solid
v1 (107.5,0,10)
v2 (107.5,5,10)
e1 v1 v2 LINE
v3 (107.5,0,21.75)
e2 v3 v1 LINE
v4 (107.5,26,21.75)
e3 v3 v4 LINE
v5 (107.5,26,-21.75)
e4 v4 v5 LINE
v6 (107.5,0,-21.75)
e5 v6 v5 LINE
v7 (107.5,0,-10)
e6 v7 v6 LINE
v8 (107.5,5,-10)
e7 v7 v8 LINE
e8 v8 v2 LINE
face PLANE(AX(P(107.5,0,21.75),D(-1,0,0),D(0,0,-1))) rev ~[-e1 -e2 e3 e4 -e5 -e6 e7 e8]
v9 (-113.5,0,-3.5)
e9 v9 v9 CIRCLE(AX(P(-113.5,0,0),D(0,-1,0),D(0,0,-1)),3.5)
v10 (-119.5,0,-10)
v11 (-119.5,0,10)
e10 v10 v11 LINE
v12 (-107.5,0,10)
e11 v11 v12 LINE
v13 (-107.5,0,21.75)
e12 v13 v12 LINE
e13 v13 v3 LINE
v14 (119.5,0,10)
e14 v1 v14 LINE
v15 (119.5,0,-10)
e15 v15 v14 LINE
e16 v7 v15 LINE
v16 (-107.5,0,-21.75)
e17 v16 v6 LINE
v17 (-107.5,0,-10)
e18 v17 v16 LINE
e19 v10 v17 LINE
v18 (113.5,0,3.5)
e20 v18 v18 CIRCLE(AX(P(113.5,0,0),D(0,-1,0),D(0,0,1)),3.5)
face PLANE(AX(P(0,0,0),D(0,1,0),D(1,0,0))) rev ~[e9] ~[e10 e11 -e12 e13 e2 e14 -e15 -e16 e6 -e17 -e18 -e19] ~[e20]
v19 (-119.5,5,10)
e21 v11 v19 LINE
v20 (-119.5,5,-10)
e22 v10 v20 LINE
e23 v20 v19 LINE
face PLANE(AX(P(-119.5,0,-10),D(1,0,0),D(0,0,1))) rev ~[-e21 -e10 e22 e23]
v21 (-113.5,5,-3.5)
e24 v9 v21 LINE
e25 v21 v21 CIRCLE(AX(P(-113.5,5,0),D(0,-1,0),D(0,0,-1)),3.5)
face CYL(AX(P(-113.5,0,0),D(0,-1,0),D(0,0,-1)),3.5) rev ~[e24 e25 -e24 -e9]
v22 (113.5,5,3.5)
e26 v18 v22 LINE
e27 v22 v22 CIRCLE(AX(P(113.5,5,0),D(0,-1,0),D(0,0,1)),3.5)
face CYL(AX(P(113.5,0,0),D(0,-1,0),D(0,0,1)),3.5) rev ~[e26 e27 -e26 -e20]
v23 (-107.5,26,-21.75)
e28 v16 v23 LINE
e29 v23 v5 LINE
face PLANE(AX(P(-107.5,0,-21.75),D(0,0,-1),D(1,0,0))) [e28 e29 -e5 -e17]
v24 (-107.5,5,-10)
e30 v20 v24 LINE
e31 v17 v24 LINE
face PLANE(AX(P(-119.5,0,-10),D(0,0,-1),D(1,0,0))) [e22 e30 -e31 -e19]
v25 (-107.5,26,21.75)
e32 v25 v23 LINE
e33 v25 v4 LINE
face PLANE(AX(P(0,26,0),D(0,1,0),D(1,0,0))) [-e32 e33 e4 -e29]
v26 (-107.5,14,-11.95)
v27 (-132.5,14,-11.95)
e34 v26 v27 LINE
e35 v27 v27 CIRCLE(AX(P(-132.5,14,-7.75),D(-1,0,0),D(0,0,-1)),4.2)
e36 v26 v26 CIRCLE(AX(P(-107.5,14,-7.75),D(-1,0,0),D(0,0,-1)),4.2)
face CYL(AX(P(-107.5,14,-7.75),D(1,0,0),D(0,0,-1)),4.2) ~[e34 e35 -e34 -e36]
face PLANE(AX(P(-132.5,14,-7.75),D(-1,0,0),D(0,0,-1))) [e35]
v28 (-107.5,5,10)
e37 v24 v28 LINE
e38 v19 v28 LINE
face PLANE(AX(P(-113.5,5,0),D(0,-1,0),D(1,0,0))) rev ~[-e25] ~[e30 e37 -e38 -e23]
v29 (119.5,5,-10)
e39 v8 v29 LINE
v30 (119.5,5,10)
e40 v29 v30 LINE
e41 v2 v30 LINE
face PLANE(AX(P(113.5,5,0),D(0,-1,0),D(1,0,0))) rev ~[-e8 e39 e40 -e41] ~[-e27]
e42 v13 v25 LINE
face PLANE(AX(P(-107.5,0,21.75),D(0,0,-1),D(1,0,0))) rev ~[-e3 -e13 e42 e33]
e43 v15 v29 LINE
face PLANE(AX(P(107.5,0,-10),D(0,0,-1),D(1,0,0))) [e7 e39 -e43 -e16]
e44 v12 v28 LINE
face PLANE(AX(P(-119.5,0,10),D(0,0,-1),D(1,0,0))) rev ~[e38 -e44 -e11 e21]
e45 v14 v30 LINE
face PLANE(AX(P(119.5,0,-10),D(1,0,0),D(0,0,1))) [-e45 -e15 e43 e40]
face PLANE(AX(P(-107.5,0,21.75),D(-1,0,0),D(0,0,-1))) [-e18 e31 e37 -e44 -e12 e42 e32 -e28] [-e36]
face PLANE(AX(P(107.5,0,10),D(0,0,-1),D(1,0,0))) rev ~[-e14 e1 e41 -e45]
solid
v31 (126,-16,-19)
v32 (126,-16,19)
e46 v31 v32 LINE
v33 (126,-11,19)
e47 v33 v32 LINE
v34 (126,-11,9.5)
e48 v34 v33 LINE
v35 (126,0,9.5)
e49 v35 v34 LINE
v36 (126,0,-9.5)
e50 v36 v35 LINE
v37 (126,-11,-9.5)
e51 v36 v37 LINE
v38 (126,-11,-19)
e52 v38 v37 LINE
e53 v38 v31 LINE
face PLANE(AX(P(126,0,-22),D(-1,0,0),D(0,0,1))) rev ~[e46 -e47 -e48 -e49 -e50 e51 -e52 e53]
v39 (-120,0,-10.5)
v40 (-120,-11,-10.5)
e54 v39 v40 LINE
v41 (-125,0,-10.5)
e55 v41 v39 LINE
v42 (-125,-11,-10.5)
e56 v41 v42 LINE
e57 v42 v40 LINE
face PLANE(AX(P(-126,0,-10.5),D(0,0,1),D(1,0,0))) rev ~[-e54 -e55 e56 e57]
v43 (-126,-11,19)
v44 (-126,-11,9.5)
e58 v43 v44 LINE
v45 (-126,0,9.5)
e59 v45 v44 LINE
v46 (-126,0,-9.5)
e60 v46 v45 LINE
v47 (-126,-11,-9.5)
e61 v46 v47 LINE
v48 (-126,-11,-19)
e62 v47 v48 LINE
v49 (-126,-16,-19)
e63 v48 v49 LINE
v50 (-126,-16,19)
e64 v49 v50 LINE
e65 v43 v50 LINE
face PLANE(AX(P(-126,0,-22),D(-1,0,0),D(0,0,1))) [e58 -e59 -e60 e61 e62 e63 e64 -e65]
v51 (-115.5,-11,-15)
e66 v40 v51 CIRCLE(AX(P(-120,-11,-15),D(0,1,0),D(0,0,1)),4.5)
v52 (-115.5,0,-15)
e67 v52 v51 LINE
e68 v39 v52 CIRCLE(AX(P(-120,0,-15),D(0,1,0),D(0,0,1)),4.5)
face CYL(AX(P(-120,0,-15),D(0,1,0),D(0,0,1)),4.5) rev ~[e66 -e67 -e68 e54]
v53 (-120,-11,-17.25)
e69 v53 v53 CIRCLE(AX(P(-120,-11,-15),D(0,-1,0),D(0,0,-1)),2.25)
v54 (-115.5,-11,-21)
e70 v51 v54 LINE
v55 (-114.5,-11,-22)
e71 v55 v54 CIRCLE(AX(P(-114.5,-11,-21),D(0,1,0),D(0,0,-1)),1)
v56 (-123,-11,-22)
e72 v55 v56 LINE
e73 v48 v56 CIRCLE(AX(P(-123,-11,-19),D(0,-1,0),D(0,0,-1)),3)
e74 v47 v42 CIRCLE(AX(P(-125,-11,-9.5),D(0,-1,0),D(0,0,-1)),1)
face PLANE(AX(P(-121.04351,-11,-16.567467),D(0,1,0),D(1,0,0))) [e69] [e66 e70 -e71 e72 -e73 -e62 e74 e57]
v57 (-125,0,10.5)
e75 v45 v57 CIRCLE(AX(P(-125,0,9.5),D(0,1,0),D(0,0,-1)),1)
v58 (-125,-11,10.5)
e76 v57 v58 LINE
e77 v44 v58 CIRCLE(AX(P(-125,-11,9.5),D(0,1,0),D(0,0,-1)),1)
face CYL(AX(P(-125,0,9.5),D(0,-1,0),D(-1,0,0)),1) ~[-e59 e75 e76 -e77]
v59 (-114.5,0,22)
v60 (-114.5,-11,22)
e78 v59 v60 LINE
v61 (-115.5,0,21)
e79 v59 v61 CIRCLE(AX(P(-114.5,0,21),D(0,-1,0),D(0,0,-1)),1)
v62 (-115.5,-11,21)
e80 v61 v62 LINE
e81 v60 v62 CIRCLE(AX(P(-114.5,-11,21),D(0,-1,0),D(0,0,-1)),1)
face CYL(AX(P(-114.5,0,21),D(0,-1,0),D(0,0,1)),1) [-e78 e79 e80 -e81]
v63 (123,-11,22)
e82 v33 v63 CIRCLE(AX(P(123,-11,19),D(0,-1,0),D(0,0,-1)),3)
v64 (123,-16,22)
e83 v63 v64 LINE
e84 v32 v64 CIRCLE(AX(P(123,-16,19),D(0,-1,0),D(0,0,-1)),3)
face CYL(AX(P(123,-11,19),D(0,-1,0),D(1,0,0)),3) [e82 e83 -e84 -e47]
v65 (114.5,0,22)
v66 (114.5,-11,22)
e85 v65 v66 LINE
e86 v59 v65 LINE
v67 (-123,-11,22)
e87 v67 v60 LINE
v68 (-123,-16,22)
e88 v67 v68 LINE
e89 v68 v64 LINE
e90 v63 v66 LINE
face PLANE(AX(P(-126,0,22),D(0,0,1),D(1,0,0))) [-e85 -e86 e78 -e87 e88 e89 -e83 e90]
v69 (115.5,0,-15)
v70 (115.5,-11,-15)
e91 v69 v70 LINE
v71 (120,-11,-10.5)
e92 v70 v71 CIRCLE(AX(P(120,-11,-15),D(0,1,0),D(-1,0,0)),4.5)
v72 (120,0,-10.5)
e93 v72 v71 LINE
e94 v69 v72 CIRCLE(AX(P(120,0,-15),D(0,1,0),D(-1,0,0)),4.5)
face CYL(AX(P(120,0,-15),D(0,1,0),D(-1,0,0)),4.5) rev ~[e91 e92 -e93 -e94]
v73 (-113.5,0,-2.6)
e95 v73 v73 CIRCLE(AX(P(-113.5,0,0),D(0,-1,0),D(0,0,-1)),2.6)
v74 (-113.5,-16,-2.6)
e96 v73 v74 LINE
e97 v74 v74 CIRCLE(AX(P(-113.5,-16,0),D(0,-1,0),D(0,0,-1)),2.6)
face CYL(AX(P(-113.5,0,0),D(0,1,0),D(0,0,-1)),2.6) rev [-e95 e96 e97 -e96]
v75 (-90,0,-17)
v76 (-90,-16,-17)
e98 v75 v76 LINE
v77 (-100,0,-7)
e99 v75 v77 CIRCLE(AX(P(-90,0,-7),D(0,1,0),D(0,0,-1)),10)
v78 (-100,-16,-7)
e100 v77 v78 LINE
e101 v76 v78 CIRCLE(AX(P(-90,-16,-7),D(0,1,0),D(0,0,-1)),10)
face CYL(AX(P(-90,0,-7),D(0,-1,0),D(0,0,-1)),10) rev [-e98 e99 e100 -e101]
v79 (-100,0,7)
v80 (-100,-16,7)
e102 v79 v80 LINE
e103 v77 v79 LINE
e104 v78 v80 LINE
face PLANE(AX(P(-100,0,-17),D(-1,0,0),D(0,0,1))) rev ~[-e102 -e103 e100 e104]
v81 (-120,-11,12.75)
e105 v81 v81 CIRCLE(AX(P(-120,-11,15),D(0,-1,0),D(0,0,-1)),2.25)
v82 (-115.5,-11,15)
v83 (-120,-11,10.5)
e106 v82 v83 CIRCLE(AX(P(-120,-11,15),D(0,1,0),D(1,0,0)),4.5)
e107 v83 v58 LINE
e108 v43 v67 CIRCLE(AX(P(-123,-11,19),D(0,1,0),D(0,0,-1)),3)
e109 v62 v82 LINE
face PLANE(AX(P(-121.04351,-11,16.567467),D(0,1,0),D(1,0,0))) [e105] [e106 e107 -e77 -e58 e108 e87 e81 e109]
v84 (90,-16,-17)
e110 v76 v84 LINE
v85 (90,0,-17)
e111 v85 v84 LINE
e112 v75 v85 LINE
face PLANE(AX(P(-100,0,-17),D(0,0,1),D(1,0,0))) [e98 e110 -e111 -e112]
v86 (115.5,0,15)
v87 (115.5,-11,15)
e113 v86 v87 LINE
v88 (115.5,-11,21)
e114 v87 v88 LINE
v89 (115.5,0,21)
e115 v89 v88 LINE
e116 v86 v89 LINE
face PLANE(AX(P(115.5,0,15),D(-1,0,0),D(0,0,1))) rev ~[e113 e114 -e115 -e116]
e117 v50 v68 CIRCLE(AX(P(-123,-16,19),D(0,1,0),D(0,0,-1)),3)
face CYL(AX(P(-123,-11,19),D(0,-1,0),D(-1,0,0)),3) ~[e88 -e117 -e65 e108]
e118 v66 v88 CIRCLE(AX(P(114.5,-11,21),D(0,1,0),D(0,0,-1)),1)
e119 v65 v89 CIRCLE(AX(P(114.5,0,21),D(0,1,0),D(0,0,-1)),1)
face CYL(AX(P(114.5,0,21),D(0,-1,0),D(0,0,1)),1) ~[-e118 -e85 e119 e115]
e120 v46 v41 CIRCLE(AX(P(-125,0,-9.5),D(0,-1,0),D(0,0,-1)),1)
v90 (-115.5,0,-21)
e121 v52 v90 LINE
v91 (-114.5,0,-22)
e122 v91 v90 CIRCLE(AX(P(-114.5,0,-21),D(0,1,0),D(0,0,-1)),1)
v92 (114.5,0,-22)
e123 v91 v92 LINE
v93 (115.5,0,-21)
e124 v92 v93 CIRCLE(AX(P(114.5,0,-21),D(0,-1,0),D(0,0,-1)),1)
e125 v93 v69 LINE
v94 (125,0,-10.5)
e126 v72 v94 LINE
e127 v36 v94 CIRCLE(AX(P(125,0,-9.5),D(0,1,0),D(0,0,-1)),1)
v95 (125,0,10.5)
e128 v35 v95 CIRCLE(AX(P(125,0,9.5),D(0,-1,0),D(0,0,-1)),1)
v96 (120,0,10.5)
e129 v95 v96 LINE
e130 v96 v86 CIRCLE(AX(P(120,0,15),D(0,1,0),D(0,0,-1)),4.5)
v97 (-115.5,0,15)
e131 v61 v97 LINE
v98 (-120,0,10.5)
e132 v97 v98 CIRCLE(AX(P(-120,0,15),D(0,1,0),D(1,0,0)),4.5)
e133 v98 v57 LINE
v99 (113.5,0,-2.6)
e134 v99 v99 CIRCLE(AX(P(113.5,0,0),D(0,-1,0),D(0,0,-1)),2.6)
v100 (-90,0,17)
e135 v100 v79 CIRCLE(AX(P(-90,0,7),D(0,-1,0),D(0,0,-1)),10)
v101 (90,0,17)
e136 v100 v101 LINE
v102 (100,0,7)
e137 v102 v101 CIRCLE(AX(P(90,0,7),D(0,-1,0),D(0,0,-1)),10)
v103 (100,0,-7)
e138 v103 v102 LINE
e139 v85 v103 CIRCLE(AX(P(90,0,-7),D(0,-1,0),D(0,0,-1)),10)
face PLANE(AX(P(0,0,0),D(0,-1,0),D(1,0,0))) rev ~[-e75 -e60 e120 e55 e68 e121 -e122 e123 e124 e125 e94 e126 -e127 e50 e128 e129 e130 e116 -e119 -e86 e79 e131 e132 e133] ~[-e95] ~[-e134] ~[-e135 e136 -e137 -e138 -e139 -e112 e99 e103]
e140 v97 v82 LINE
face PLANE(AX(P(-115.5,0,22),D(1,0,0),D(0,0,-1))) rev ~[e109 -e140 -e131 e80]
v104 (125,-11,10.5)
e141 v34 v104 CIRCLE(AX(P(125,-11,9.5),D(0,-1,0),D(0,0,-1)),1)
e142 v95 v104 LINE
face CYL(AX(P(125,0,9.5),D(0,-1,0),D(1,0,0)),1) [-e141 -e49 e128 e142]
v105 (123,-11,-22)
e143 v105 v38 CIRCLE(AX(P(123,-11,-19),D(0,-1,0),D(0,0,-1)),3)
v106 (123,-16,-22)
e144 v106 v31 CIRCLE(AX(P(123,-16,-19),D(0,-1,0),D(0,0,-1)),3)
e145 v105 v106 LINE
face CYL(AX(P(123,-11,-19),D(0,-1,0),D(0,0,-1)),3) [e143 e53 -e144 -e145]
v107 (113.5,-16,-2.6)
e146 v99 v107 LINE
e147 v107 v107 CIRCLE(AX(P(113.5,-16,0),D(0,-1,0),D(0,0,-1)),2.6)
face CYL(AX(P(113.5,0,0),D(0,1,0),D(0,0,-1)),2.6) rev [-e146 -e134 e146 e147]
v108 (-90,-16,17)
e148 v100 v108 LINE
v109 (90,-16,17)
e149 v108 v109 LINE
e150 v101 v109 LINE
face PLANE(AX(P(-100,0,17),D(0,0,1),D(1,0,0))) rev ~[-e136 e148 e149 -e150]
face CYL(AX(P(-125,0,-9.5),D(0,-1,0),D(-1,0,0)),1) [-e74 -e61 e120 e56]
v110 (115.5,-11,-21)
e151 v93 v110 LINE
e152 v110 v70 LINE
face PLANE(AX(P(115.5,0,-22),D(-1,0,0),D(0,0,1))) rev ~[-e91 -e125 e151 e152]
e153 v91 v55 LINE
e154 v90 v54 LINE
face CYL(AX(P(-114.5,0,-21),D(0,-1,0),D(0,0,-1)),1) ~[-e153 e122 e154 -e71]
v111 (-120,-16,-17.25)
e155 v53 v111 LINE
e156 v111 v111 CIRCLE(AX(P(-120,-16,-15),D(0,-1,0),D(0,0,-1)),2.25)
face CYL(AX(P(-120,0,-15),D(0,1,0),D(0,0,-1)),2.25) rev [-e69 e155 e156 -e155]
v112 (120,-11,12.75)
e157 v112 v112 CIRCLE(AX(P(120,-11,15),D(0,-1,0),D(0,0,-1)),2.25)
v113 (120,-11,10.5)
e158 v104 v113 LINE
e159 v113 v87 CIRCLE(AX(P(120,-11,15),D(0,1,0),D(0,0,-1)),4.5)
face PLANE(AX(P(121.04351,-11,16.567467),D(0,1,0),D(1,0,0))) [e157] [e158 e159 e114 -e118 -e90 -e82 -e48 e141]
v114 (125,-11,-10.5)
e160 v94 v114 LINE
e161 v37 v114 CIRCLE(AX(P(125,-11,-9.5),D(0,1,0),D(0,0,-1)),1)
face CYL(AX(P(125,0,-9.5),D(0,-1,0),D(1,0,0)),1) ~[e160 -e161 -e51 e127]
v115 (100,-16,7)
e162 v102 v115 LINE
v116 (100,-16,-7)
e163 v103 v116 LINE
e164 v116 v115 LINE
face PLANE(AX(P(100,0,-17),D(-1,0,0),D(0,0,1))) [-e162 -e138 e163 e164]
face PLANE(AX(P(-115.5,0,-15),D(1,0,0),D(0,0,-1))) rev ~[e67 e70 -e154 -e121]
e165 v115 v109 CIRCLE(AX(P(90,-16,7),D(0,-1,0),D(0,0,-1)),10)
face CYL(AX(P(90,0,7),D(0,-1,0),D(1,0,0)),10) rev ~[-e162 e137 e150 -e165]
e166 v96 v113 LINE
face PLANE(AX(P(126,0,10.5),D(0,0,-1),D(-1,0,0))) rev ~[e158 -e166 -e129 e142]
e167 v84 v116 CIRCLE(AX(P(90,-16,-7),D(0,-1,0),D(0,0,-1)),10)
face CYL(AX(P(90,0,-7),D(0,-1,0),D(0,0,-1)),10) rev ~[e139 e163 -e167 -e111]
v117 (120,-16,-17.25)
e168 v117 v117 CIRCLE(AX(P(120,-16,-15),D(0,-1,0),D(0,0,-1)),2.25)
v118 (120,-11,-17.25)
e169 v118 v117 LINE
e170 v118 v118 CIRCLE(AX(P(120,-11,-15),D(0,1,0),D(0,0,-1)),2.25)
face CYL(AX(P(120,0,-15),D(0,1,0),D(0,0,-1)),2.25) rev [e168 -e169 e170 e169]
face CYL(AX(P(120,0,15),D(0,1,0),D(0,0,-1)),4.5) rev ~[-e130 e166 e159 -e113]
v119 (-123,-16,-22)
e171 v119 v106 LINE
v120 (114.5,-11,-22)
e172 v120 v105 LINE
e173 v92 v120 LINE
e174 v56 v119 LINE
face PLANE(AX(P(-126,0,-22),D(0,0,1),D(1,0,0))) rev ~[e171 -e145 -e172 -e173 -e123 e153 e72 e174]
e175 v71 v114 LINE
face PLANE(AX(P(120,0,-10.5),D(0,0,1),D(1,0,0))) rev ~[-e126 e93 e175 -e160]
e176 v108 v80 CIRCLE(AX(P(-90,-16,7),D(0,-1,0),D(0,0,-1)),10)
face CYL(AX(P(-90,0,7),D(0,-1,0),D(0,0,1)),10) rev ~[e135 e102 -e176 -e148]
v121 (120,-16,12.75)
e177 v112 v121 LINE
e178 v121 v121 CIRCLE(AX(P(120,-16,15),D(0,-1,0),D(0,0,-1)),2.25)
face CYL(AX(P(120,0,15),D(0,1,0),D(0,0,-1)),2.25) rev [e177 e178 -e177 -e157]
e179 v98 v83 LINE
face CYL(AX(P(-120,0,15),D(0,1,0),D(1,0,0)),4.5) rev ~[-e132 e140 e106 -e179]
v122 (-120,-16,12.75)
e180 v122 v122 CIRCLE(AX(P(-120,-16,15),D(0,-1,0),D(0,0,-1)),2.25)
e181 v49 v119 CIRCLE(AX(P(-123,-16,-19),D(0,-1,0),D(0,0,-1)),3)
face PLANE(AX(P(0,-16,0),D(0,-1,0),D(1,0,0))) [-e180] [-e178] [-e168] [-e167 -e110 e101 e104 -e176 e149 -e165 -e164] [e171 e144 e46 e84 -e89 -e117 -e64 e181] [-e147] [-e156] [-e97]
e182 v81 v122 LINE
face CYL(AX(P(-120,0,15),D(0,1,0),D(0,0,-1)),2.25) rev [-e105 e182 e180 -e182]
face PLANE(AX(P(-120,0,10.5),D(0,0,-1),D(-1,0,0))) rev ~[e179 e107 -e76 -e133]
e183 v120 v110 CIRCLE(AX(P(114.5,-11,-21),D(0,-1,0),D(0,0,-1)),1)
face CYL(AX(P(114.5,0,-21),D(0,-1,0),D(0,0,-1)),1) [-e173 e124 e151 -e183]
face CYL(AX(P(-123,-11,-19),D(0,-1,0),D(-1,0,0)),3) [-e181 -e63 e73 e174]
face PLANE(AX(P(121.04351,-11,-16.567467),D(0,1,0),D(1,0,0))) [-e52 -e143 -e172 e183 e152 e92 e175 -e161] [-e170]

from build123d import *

# Parameters (mm, degrees)
SKETCH_1_W          = 215
SKETCH_1_H          = 43.5
EXTRUDE_1_DEPTH     = 26
SKETCH_2_W          = 12
SKETCH_2_H          = 20
SKETCH_2_R          = 3.5
EXTRUDE_2_DEPTH     = 5
SKETCH_3_R          = 4.2
EXTRUDE_3_DEPTH     = 25
SKETCH_4_W          = 252
SKETCH_4_H          = 44
SKETCH_4_R          = 2.25
SKETCH_4_R_2        = 2.6
SKETCH_4_W_2        = 200
SKETCH_4_H_2        = 34
EXTRUDE_4_DEPTH     = 16
SKETCH_5_R          = 2.25
CUT_EXTRUDE_1_DEPTH = 11
FILLET_1_R          = 3
FILLET_2_R          = 10
FILLET_3_R          = 1


with BuildPart() as part:
    # ｽｹｯﾁ1 → ﾎﾞｽ - 押し出し1 (new body)
    with BuildSketch(Plane(origin=(0, 0, 0), x_dir=(1, 0, 0), z_dir=(0, 1, 0))):
        Rectangle(SKETCH_1_W, SKETCH_1_H)
    extrude(amount=EXTRUDE_1_DEPTH)

    # ｽｹｯﾁ2 → ﾎﾞｽ - 押し出し2 (add)
    # profile 1 of 2: a face of its own
    with BuildSketch(Plane.XZ):
        with Locations((-113.5, 0)):
            Rectangle(SKETCH_2_W, SKETCH_2_H)
        with Locations(Location((-113.5, 0, 0), (0, 0, 270))):
            Circle(SKETCH_2_R, mode=Mode.SUBTRACT)
    # profile 2 of 2: a face of its own
    with BuildSketch(Plane.XZ):
        with Locations((113.5, 0)):
            Rectangle(SKETCH_2_W, SKETCH_2_H)
        with Locations(Location((113.5, 0, 0), (0, 0, 90))):
            Circle(SKETCH_2_R, mode=Mode.SUBTRACT)
    extrude(amount=-EXTRUDE_2_DEPTH)

    # ｽｹｯﾁ3 → ﾎﾞｽ - 押し出し3 (add)
    with BuildSketch(Plane.ZY.offset(107.5)):
        with Locations(Location((-7.75, 14, 0), (0, 0, 180))):
            Circle(SKETCH_3_R)
    extrude(amount=EXTRUDE_3_DEPTH)


with BuildPart() as body_2:
    # ｽｹｯﾁ4 → ﾎﾞｽ - 押し出し4 (new body)
    with BuildSketch(Plane.XZ):
        Rectangle(SKETCH_4_W, SKETCH_4_H)
        with Locations(Location((-120, -15, 0), (0, 0, 270))):
            Circle(SKETCH_4_R, mode=Mode.SUBTRACT)
        with Locations(Location((-120, 15, 0), (0, 0, 270))):
            Circle(SKETCH_4_R, mode=Mode.SUBTRACT)
        with Locations(Location((120, 15, 0), (0, 0, 270))):
            Circle(SKETCH_4_R, mode=Mode.SUBTRACT)
        with Locations(Location((120, -15, 0), (0, 0, 270))):
            Circle(SKETCH_4_R, mode=Mode.SUBTRACT)
        with Locations(Location((-113.5, 0, 0), (0, 0, 270))):
            Circle(SKETCH_4_R_2, mode=Mode.SUBTRACT)
        with Locations(Location((113.5, 0, 0), (0, 0, 270))):
            Circle(SKETCH_4_R_2, mode=Mode.SUBTRACT)
        Rectangle(SKETCH_4_W_2, SKETCH_4_H_2, mode=Mode.SUBTRACT)
    extrude(amount=EXTRUDE_4_DEPTH)

    # ｽｹｯﾁ5 → ｶｯﾄ - 押し出し1 (cut)
    # profile 1 of 4: a face of its own
    with BuildSketch(Plane(origin=(0, 0, 0), x_dir=(1, 0, 0), z_dir=(0, 1, 0))):
        with BuildLine():
            Line((-126, -10.5), (-126, -22))
            Line((-126, -22), (-115.5, -22))
            Line((-115.5, -22), (-115.5, -15))
            ThreePointArc((-115.5, -15), (-116.818019485, -11.818019485), (-120, -10.5))
            Line((-120, -10.5), (-126, -10.5))
        make_face()
        with Locations(Location((-120, -15, 0), (0, 0, 270))):
            Circle(SKETCH_5_R, mode=Mode.SUBTRACT)
    # profile 2 of 4: a face of its own
    with BuildSketch(Plane(origin=(0, 0, 0), x_dir=(1, 0, 0), z_dir=(0, 1, 0))):
        with BuildLine():
            Line((115.5, -15), (115.5, -22))
            Line((115.5, -22), (126, -22))
            Line((126, -22), (126, -10.5))
            Line((126, -10.5), (120, -10.5))
            ThreePointArc((120, -10.5), (116.818019485, -11.818019485), (115.5, -15))
        make_face()
        with Locations(Location((120, -15, 0), (0, 0, 270))):
            Circle(SKETCH_5_R, mode=Mode.SUBTRACT)
    # profile 3 of 4: a face of its own
    with BuildSketch(Plane(origin=(0, 0, 0), x_dir=(1, 0, 0), z_dir=(0, 1, 0))):
        with BuildLine():
            Line((-126, 22), (-126, 10.5))
            Line((-126, 10.5), (-120, 10.5))
            ThreePointArc((-120, 10.5), (-116.818019485, 11.818019485), (-115.5, 15))
            Line((-115.5, 15), (-115.5, 22))
            Line((-115.5, 22), (-126, 22))
        make_face()
        with Locations(Location((-120, 15, 0), (0, 0, 270))):
            Circle(SKETCH_5_R, mode=Mode.SUBTRACT)
    # profile 4 of 4: a face of its own
    with BuildSketch(Plane(origin=(0, 0, 0), x_dir=(1, 0, 0), z_dir=(0, 1, 0))):
        with BuildLine():
            Line((120, 10.5), (126, 10.5))
            Line((126, 10.5), (126, 22))
            Line((126, 22), (115.5, 22))
            Line((115.5, 22), (115.5, 15))
            ThreePointArc((115.5, 15), (116.818019485, 11.818019485), (120, 10.5))
        make_face()
        with Locations(Location((120, 15, 0), (0, 0, 270))):
            Circle(SKETCH_5_R, mode=Mode.SUBTRACT)
    extrude(amount=-CUT_EXTRUDE_1_DEPTH, mode=Mode.SUBTRACT)

    # ﾌｨﾚｯﾄ1
    fillet_1_edges = [body_2.edges().sort_by_distance(p)[0] for p in [
        (-126, -13.5, 22),
        (126, -13.5, 22),
        (126, -13.5, -22),
        (-126, -13.5, -22),
    ]]
    fillet(fillet_1_edges, radius=FILLET_1_R)

    # ﾌｨﾚｯﾄ2
    fillet_2_edges = [body_2.edges().sort_by_distance(p)[0] for p in [
        (-100, -8, 17),
        (-100, -8, -17),
        (100, -8, -17),
        (100, -8, 17),
    ]]
    fillet(fillet_2_edges, radius=FILLET_2_R)

    # ﾌｨﾚｯﾄ3
    fillet_3_edges = [body_2.edges().sort_by_distance(p)[0] for p in [
        (126, -5.5, 10.5),
        (115.5, -5.5, 22),
        (-126, -5.5, -10.5),
        (-115.5, -5.5, -22),
        (-115.5, -5.5, 22),
        (-126, -5.5, 10.5),
        (126, -5.5, -10.5),
        (115.5, -5.5, -22),
    ]]
    fillet(fillet_3_edges, radius=FILLET_3_R)


solid = Compound([part.part, body_2.part])
